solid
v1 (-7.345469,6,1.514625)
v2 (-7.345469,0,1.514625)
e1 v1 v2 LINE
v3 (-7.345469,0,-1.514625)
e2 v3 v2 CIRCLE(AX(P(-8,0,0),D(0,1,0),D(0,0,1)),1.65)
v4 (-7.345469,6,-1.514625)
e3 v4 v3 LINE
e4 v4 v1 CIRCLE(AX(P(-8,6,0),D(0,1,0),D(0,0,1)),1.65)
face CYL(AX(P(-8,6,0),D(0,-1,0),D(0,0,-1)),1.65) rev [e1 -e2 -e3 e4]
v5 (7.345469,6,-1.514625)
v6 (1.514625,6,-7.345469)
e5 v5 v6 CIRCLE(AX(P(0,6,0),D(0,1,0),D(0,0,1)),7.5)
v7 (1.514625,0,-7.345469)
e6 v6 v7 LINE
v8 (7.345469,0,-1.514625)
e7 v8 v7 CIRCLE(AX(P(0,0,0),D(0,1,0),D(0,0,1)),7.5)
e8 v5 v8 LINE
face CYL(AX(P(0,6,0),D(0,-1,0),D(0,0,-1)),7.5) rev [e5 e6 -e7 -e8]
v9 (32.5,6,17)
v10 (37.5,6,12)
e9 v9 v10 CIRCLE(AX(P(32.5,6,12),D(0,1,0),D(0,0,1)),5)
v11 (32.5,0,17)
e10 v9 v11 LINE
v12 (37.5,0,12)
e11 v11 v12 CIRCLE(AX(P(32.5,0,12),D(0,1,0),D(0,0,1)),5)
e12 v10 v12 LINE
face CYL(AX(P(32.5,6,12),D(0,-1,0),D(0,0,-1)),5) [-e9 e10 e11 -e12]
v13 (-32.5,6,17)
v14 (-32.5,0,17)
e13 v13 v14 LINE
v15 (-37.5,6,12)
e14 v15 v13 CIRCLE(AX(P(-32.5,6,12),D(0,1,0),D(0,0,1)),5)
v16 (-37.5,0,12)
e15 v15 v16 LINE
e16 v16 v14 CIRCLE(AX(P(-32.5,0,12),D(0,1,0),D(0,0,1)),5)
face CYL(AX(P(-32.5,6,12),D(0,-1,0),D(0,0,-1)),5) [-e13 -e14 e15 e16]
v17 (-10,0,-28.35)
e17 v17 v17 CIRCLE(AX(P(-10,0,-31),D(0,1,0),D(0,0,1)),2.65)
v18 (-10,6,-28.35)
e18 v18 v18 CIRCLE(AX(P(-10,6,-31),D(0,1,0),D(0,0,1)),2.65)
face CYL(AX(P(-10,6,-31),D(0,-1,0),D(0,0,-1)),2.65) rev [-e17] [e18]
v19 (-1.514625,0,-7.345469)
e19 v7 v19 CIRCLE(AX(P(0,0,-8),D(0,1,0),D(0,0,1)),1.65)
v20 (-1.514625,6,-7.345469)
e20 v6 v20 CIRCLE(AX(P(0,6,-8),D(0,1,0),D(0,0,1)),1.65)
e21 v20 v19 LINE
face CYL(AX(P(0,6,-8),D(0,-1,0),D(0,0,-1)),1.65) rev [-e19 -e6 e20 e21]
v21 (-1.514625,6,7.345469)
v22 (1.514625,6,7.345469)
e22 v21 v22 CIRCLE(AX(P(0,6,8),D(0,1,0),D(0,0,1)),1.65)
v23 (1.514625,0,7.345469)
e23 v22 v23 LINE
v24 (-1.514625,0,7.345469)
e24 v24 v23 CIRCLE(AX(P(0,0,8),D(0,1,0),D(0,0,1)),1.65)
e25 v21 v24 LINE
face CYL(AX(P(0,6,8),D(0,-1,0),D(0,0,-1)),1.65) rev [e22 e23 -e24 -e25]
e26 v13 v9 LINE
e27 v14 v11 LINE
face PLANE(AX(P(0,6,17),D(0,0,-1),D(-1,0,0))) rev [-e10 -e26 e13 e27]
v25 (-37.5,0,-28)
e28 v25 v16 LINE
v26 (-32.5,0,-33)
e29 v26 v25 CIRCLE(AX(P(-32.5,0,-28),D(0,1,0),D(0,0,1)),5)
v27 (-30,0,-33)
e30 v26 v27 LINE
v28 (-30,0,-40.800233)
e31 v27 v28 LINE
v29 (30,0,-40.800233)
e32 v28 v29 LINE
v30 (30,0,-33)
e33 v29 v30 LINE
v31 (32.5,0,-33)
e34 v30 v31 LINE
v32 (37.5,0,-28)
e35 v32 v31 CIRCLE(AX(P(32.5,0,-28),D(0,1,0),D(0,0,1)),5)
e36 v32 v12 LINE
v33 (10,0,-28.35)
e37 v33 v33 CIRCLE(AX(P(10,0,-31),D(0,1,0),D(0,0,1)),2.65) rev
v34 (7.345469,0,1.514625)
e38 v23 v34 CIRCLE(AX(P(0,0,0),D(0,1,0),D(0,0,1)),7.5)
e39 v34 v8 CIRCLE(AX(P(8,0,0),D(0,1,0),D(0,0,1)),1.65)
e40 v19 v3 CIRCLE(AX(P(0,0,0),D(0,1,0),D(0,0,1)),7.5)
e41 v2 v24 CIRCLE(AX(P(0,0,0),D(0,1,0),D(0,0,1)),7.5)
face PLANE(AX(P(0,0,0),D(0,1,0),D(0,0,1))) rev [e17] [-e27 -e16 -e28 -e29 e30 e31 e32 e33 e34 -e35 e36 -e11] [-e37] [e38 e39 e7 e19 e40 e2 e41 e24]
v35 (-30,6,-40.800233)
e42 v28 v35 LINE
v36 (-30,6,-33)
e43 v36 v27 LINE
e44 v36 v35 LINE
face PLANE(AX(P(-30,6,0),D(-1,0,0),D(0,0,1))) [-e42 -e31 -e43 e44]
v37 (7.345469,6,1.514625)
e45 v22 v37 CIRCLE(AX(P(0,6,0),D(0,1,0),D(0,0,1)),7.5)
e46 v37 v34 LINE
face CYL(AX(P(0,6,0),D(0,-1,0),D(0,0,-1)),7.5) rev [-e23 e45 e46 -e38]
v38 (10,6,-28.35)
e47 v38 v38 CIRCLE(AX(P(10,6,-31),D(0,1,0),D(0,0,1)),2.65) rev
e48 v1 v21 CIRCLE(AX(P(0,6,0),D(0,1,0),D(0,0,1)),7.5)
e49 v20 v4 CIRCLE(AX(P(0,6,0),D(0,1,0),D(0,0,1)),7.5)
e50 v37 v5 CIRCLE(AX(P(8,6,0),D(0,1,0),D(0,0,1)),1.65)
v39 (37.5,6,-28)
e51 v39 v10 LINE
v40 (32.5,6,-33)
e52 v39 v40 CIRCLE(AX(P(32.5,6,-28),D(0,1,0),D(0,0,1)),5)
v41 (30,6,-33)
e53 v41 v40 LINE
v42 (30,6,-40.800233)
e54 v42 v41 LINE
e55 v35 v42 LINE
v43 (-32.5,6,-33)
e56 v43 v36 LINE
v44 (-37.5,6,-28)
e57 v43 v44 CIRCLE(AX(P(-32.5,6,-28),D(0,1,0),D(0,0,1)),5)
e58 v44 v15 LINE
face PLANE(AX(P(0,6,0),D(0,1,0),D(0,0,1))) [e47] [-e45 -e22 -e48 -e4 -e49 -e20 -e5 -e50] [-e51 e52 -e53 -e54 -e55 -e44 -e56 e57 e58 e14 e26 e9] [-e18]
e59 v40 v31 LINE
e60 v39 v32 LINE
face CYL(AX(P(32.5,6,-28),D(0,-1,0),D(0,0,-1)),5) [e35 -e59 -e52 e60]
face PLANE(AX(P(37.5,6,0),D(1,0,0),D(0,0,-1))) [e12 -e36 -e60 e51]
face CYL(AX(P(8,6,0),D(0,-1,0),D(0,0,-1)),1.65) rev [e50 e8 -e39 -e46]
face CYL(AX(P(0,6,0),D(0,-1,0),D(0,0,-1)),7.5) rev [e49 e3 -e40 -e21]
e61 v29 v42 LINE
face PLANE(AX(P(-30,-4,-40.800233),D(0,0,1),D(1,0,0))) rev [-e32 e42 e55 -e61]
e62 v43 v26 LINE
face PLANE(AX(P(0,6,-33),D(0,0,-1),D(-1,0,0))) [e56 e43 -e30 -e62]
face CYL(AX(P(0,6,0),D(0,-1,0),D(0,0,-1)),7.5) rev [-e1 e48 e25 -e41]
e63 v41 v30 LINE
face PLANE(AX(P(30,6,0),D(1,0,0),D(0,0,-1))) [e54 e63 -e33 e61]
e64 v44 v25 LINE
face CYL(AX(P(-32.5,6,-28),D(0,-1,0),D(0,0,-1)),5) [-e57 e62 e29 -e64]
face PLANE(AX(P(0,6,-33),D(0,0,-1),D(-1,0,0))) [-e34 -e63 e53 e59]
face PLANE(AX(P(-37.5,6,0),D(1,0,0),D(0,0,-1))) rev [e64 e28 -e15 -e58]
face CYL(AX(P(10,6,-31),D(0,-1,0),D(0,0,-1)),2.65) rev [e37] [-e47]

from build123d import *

# Parameters (mm, degrees)
EXTRUDE_1_DEPTH     = 6
SKETCH_2_W          = 60
SKETCH_2_H          = 2
CUT_EXTRUDE_1_DEPTH = 10


with BuildPart() as part:
    # 草图1 → 凸台-拉伸1 (new body)
    with BuildSketch(Plane(origin=(0, 0, 0), x_dir=(1, 0, 0), z_dir=(0, 1, 0))):
        with BuildLine():
            ThreePointArc((-32.5, 33), (-36.035533906, 31.535533906), (-37.5, 28))
            Line((-37.5, 28), (-37.5, 13))
            Line((-37.5, 13), (-37.5, -12))
            ThreePointArc((-37.5, -12), (-36.035533906, -15.535533906), (-32.5, -17))
            Line((-32.5, -17), (32.5, -17))
            ThreePointArc((32.5, -17), (36.035533906, -15.535533906), (37.5, -12))
            Line((37.5, -12), (37.5, 13))
            Line((37.5, 13), (37.5, 28))
            ThreePointArc((37.5, 28), (36.035533906, 31.535533906), (32.5, 33))
            Line((32.5, 33), (30, 33))
            Line((30, 33), (30, 42.800232859))
            Line((30, 42.800232859), (-30, 42.800232859))
            Line((-30, 42.800232859), (-30, 33))
            Line((-30, 33), (-32.5, 33))
        make_face()
        with BuildLine():
            ThreePointArc((1.514624984, 7.34546875), (5.303300859, 5.303300859), (7.34546875, 1.514624984))
            ThreePointArc((7.34546875, 1.514624984), (8.906234914, 1.378853974), (9.65, 0))
            ThreePointArc((9.65, 0), (8.906234914, -1.378853974), (7.34546875, -1.514624984))
            ThreePointArc((7.34546875, -1.514624984), (5.303300859, -5.303300859), (1.514624984, -7.34546875))
            ThreePointArc((1.514624984, -7.34546875), (1.615801848, -7.665807858), (1.65, -8))
            ThreePointArc((1.65, -8), (-0.334192142, -9.615801848), (-1.514624984, -7.34546875))
            ThreePointArc((-1.514624984, -7.34546875), (-5.303300859, -5.303300859), (-7.34546875, -1.514624984))
            ThreePointArc((-7.34546875, -1.514624984), (-9.65, 0), (-7.34546875, 1.514624984))
            ThreePointArc((-7.34546875, 1.514624984), (-5.303300859, 5.303300859), (-1.514624984, 7.34546875))
            ThreePointArc((-1.514624984, 7.34546875), (-0.334192142, 9.615801848), (1.65, 8))
            ThreePointArc((1.65, 8), (1.615801848, 7.665807858), (1.514624984, 7.34546875))
        make_face(mode=Mode.SUBTRACT)
        with BuildLine():
            ThreePointArc((-7.35, 31), (-11.098950694, 28.588608831), (-11.738533865, 33))
            ThreePointArc((-11.738533865, 33), (-10, 33.65), (-8.261466135, 33))
            ThreePointArc((-8.261466135, 33), (-7.588608831, 32.098950694), (-7.35, 31))
        make_face(mode=Mode.SUBTRACT)
        with BuildLine():
            ThreePointArc((12.65, 31), (8.901049306, 28.588608831), (8.261466135, 33))
            ThreePointArc((8.261466135, 33), (10, 33.65), (11.738533865, 33))
            ThreePointArc((11.738533865, 33), (12.411391169, 32.098950694), (12.65, 31))
        make_face(mode=Mode.SUBTRACT)
    extrude(amount=EXTRUDE_1_DEPTH)

    # 草图2 → 切除-拉伸1 (cut)
    with BuildSketch(Plane(origin=(0, 6, 0), x_dir=(1, 0, 0), z_dir=(0, 1, 0))):
        with Locations((0, 41.800232859)):
            Rectangle(SKETCH_2_W, SKETCH_2_H)
    extrude(amount=-CUT_EXTRUDE_1_DEPTH, mode=Mode.SUBTRACT)


solid = part.part
